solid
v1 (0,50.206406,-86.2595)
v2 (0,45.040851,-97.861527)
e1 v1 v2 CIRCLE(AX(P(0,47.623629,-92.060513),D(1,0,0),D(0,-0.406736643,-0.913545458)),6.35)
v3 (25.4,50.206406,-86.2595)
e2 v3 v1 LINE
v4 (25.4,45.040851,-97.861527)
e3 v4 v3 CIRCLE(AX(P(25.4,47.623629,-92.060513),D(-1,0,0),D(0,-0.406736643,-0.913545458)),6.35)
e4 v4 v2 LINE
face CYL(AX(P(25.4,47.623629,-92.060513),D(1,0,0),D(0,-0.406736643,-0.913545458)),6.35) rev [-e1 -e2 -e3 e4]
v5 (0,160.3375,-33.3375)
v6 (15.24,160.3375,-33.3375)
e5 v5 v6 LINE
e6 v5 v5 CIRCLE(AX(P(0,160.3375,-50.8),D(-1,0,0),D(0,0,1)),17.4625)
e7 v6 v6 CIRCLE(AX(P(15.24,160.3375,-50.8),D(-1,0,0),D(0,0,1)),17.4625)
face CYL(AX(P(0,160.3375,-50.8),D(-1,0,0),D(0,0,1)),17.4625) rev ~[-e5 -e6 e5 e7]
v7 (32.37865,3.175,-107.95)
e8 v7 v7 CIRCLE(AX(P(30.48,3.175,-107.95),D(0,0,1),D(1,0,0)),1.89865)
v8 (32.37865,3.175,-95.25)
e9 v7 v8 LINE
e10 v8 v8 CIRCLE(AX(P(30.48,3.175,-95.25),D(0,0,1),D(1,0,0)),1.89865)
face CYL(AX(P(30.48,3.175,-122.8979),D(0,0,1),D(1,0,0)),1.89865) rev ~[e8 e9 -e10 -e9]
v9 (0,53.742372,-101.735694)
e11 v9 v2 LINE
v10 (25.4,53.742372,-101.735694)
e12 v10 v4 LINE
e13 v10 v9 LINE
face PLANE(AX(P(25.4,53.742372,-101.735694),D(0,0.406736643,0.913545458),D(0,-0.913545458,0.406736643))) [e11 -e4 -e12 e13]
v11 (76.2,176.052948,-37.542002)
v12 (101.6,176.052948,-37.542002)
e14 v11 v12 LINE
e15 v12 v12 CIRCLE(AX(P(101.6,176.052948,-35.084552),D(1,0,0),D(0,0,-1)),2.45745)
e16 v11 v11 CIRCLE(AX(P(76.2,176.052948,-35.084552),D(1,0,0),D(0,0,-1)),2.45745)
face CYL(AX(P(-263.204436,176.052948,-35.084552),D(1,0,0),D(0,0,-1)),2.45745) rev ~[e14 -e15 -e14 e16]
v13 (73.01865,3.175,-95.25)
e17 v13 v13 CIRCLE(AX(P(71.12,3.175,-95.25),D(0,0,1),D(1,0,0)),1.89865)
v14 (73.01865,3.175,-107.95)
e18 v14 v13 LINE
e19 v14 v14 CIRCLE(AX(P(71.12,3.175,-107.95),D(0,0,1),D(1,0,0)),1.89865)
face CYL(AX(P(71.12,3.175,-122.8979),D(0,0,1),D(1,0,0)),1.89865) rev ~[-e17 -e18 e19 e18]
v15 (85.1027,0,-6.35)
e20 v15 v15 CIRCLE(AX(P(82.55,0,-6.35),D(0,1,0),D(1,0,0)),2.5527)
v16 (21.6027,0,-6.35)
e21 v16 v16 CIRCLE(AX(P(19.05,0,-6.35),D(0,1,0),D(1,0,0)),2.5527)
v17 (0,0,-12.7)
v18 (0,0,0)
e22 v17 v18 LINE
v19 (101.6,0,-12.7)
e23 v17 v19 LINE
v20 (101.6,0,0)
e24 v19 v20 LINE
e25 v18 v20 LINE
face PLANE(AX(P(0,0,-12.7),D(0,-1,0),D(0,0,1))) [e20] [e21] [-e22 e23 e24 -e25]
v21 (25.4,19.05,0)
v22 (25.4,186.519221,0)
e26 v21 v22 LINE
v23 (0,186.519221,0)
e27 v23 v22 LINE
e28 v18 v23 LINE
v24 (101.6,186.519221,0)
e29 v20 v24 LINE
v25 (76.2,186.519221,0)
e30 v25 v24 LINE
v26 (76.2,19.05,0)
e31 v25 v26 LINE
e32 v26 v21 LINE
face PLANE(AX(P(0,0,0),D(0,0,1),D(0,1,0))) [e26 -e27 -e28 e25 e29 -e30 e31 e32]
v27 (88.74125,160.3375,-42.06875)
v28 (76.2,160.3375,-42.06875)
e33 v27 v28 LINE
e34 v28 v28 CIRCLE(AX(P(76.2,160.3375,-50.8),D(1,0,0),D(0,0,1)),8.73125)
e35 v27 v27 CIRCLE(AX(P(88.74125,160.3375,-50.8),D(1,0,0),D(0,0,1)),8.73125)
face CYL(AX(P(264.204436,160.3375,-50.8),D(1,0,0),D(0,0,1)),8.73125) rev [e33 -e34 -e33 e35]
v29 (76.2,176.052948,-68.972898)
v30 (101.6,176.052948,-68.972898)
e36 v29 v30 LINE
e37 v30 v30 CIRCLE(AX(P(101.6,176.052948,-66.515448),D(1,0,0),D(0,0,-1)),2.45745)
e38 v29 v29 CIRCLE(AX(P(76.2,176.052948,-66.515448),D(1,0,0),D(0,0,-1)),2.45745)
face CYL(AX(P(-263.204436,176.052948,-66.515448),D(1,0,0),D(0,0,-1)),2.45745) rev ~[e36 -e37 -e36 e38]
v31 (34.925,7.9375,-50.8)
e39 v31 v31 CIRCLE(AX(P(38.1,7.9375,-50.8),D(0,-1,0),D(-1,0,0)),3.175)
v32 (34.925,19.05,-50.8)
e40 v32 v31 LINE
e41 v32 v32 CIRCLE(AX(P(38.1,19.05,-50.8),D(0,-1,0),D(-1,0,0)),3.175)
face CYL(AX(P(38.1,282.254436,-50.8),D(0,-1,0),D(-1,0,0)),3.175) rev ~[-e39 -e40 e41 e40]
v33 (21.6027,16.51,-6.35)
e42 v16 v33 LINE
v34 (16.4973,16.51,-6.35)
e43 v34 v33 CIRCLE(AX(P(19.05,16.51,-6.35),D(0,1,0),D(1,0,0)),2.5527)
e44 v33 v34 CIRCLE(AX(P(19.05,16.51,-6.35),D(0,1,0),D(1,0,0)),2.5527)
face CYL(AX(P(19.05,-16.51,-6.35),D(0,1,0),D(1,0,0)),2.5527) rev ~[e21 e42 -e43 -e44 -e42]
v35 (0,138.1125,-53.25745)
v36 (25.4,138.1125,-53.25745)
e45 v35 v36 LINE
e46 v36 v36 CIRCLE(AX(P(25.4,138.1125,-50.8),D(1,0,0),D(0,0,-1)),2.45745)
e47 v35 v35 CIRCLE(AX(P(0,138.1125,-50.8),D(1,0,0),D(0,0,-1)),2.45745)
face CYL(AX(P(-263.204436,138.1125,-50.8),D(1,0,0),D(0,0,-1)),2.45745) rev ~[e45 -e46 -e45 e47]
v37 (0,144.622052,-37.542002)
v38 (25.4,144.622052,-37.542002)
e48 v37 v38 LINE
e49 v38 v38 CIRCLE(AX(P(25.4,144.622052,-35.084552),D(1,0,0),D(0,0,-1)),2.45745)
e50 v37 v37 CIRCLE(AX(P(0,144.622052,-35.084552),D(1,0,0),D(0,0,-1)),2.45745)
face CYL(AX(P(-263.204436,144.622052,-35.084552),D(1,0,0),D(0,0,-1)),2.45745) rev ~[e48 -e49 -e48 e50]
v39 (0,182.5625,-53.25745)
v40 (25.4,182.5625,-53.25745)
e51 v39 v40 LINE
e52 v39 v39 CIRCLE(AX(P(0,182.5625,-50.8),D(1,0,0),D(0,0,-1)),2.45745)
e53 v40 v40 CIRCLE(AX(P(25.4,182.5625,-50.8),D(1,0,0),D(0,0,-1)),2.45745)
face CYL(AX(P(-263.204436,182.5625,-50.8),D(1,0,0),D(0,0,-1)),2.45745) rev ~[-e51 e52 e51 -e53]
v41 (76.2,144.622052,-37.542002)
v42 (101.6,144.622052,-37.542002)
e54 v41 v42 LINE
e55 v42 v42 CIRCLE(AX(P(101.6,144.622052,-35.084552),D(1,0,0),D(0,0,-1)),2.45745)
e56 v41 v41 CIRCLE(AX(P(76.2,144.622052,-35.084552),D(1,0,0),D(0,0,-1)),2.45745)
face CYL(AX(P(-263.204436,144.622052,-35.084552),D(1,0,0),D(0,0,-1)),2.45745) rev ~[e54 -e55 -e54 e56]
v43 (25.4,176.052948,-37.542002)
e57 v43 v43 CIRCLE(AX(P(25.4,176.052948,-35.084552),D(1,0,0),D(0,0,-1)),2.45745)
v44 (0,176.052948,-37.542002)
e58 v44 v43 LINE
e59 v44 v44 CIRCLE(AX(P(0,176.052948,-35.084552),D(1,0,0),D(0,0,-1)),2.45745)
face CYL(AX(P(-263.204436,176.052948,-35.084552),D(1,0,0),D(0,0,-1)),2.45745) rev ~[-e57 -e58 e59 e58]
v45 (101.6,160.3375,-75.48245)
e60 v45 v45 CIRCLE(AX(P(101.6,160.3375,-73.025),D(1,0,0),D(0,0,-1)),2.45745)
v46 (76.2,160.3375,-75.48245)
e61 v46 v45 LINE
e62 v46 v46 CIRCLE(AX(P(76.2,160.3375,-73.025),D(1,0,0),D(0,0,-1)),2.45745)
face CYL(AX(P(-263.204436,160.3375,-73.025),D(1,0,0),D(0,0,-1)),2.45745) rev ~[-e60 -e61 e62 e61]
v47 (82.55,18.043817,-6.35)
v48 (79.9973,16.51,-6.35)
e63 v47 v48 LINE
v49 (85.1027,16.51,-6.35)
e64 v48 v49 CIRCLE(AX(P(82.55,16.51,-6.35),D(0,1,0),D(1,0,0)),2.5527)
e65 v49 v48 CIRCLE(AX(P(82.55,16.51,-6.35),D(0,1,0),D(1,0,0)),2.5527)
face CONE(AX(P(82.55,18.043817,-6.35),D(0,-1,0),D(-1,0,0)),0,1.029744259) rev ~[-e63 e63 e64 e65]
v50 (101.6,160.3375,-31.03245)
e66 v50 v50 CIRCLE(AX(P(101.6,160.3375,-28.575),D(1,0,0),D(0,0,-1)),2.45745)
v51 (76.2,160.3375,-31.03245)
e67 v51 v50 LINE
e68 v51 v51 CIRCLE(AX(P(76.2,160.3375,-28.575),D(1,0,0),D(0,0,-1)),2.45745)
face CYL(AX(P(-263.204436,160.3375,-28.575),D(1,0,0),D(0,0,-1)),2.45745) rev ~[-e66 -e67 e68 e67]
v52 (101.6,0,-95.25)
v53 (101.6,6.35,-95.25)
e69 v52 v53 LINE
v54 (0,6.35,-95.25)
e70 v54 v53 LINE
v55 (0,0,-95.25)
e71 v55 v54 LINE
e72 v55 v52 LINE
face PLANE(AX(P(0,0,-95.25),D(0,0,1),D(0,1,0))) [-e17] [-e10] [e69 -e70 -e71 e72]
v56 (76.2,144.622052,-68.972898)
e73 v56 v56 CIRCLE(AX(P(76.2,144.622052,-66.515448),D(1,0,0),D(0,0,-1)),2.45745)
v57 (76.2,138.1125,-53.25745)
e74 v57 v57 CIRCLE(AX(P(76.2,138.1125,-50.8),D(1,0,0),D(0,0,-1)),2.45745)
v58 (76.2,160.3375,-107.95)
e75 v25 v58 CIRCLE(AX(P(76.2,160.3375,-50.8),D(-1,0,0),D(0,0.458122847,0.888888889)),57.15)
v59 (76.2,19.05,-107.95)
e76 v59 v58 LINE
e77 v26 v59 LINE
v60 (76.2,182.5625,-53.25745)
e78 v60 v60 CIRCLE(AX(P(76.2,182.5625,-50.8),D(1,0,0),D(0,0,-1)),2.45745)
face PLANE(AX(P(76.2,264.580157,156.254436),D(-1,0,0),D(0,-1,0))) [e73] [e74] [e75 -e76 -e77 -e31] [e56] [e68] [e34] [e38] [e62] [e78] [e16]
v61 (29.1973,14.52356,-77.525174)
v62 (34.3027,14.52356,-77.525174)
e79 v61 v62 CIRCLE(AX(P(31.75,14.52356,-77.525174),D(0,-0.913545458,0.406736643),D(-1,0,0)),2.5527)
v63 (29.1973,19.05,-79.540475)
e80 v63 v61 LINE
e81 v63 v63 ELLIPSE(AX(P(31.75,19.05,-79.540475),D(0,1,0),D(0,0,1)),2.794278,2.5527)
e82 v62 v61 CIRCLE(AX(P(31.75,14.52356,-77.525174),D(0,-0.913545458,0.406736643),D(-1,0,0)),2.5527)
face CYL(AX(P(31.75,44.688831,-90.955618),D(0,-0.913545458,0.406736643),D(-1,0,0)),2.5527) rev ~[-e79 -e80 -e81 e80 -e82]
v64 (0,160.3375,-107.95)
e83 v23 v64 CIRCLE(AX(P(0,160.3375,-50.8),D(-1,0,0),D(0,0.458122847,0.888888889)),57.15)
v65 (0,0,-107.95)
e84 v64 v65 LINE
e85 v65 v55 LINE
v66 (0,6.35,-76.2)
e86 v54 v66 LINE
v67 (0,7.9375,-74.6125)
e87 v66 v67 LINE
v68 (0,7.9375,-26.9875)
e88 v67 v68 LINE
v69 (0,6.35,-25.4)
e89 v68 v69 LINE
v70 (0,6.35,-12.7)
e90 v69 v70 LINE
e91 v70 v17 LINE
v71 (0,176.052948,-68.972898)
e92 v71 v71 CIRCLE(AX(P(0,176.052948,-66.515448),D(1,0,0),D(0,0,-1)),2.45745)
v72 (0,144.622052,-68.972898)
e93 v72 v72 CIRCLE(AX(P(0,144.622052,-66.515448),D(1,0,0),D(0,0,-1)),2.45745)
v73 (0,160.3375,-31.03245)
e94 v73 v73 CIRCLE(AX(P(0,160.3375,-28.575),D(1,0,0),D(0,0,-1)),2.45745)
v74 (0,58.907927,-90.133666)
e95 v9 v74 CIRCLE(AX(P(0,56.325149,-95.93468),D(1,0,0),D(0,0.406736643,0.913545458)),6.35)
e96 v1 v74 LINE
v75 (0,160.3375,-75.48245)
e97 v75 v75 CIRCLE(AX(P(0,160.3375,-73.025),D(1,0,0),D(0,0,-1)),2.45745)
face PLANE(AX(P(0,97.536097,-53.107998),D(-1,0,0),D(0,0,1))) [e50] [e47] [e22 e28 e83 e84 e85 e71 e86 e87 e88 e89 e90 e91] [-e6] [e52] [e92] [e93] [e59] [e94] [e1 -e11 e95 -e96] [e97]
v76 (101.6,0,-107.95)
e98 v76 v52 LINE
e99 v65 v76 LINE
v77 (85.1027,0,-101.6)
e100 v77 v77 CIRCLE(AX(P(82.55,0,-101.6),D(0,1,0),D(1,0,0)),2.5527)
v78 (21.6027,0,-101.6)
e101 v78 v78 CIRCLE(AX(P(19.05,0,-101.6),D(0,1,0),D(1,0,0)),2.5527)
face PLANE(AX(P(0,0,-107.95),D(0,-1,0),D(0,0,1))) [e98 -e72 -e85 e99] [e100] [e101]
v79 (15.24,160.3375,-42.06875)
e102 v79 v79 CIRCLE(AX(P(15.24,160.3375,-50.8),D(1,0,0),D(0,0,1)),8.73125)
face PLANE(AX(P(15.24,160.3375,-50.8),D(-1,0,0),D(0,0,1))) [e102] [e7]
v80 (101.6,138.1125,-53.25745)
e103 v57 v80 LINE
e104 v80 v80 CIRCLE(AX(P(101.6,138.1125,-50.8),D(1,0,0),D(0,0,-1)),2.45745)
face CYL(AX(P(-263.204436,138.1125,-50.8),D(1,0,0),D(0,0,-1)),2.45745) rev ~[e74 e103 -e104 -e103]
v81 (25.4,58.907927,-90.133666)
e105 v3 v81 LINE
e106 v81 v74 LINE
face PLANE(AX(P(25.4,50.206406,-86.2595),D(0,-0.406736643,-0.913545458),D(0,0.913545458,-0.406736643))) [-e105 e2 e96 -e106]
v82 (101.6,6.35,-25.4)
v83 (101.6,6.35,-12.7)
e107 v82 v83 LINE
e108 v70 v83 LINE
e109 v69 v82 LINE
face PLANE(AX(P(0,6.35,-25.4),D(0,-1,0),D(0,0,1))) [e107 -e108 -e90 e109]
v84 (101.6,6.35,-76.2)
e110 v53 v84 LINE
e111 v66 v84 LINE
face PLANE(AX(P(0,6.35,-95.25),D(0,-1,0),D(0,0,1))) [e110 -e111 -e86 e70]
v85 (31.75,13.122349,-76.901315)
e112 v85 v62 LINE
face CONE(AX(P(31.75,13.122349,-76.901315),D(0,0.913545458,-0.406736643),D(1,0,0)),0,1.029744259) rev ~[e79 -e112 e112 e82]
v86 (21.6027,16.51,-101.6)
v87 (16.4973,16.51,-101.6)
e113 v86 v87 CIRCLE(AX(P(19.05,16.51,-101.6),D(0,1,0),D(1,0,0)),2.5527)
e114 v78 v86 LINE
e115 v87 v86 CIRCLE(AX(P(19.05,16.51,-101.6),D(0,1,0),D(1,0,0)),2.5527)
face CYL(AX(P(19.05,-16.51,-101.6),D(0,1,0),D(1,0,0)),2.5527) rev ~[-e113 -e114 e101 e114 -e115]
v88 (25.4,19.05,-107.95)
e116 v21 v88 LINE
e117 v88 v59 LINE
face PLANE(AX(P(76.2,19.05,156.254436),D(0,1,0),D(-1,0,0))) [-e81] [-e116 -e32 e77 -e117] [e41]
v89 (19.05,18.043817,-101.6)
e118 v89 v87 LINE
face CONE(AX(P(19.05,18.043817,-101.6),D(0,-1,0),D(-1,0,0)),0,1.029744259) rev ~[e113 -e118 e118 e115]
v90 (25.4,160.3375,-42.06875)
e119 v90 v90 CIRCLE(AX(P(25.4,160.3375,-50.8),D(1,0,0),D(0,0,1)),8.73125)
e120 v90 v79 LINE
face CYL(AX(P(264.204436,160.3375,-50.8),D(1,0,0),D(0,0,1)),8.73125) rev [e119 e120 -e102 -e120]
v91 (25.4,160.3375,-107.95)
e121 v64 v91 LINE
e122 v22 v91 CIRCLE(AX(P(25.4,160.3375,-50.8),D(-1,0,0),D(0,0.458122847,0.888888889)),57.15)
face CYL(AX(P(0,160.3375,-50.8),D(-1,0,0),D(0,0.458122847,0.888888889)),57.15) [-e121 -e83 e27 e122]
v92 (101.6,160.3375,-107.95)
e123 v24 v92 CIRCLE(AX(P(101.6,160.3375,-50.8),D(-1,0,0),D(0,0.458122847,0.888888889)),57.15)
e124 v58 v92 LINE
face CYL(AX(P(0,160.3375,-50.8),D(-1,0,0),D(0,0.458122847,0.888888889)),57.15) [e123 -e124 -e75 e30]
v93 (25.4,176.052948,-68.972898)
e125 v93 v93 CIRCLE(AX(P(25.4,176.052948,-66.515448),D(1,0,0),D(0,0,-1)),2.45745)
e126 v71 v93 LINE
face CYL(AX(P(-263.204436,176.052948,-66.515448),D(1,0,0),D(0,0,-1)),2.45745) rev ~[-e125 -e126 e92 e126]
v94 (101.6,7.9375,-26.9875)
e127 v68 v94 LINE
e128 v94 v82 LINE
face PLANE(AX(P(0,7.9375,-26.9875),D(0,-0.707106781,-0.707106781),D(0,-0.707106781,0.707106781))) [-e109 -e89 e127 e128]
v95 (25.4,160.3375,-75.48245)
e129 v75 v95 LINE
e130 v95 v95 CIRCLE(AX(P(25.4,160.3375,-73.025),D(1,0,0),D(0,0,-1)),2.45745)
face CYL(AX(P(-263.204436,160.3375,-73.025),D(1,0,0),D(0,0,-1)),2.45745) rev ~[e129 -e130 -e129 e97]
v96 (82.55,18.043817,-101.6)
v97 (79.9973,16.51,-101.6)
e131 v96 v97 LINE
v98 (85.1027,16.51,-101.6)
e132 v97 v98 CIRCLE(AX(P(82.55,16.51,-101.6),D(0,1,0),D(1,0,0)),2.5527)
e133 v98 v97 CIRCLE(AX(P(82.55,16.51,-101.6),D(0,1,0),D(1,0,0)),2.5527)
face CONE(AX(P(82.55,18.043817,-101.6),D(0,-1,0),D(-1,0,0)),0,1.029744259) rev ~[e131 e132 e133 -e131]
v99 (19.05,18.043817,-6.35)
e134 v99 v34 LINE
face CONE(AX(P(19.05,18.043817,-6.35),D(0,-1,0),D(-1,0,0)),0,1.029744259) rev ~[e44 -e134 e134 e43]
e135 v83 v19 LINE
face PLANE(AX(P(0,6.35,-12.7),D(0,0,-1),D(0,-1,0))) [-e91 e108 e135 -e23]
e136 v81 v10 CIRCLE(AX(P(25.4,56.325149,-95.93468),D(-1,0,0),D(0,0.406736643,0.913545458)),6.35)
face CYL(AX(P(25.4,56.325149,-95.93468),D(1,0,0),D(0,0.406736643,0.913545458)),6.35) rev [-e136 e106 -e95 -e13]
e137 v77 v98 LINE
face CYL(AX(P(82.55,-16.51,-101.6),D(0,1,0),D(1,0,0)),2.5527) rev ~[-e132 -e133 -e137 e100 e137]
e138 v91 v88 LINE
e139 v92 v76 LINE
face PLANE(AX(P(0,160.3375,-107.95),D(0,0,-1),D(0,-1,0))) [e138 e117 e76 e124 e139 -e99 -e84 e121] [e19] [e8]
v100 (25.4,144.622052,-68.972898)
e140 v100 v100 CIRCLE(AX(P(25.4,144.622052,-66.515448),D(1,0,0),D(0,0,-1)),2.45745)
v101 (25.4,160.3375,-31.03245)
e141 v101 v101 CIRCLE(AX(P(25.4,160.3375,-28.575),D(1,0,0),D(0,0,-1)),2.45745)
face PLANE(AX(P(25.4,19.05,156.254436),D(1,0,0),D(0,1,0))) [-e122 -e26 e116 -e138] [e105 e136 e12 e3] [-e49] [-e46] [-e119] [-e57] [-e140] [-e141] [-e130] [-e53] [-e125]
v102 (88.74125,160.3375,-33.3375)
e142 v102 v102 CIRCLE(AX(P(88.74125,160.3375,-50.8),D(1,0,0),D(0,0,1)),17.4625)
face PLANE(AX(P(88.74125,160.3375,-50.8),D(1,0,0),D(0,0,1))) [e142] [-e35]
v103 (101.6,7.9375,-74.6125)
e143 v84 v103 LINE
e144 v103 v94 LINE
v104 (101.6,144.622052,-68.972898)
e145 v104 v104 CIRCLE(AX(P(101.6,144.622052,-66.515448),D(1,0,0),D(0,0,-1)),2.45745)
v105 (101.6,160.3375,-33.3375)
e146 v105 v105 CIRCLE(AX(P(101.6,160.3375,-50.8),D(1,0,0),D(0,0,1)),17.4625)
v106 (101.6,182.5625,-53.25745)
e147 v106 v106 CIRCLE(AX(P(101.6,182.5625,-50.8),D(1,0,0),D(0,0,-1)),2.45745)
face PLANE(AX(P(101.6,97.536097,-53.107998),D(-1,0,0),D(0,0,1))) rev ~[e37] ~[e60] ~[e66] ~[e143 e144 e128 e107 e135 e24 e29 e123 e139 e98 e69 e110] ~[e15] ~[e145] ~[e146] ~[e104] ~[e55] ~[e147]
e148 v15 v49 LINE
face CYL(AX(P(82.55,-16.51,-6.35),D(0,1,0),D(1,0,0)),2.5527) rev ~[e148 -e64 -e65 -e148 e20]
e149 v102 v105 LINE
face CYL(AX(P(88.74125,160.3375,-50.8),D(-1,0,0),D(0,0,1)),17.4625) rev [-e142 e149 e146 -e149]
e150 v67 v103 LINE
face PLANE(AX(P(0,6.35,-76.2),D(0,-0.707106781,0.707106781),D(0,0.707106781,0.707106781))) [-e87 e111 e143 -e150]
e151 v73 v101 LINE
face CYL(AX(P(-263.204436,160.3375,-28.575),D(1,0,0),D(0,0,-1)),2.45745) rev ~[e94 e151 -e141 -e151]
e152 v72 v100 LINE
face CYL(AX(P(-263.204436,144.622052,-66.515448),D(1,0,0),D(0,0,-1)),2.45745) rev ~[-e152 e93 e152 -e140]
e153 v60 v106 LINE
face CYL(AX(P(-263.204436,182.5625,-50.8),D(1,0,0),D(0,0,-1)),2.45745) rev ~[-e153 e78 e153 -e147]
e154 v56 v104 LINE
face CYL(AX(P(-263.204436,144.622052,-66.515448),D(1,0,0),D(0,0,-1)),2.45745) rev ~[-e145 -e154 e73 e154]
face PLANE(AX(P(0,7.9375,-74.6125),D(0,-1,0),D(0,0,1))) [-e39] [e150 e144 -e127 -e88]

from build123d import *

# Parameters (mm, degrees)
BOSS_EXTRUDE1_DEPTH          = 101.6
CUT_EXTRUDE1_DEPTH           = 264.20443605
CUT_EXTRUDE1_DEPTH_BACK      = 264.20443605
SKETCH5_R                    = 17.4625
CUT_EXTRUDE4_DEPTH           = 15.24
CUT_EXTRUDE5_DEPTH           = 264.20443605
CUT_EXTRUDE5_DEPTH_BACK      = 264.20443605
SKETCH6_R                    = 8.73125
CUT_EXTRUDE6_START           = -12.85875
SKETCH7_R                    = 17.4625
CUT_EXTRUDE6_DEPTH           = 12.85875
F_1_4_20_TAPPED_HOLE1_D      = 5.1054
F_1_4_20_TAPPED_HOLE1_DEPTH  = 16.51
F_1_4_20_TAPPED_HOLE1_TIP    = 1.533816902
F_10_24_TAPPED_HOLE1_D       = 3.7973
F_10_24_TAPPED_HOLE1_DEPTH   = 14.9479
F_10_24_TAPPED_HOLE1_TIP     = 1.140824014
F_1_4_0_25_DIAMETER_HOLE1_D  = 6.35
F_10_0_1935_DIAMETER_HOLE1_D = 4.9149
CUT_EXTRUDE7_REACH           = 256.481
F_1_4_20_TAPPED_HOLE2_D      = 5.1054
F_1_4_20_TAPPED_HOLE2_DEPTH  = 16.51
F_1_4_20_TAPPED_HOLE2_TIP    = 1.533816902


with BuildPart() as part:
    # Sketch1 → Boss-Extrude1 (new body)
    with BuildSketch(Plane(origin=(0, 0, 0), x_dir=(0, 0, -1), z_dir=(1, 0, 0))):
        with BuildLine():
            Line((107.95, 160.3375), (107.95, 0))
            Line((107.95, 0), (95.25, 0))
            Line((95.25, 0), (95.25, 6.35))
            Line((95.25, 6.35), (76.2, 6.35))
            Line((76.2, 6.35), (74.6125, 7.9375))
            Line((74.6125, 7.9375), (26.9875, 7.9375))
            Line((26.9875, 7.9375), (25.4, 6.35))
            Line((25.4, 6.35), (12.7, 6.35))
            Line((12.7, 6.35), (12.7, 0))
            Line((12.7, 0), (0, 0))
            Line((0, 0), (0, 186.519220723))
            ThreePointArc((0, 186.519220723), (64.270384182, 215.877316798), (107.95, 160.3375))
        make_face()
    extrude(amount=BOSS_EXTRUDE1_DEPTH)

    # Sketch2 → Cut-Extrude1 (cut, two sides: drawn at the far end of the back side and taken through both)
    with BuildSketch(Plane(origin=(0, 0, -107.95), x_dir=(-1, 0, 0), z_dir=(0, 0, -1)).offset(-CUT_EXTRUDE1_DEPTH_BACK)):
        Polygon((-76.2, 98.425), (-76.2, 19.05), (-25.4, 19.05), (-25.4, 264.580157132), (-76.2, 264.580157132), align=None)
    extrude(amount=CUT_EXTRUDE1_DEPTH + CUT_EXTRUDE1_DEPTH_BACK, mode=Mode.SUBTRACT)

    # Sketch5 → Cut-Extrude4 (cut)
    with BuildSketch(Plane.ZY):
        with Locations((-50.8, 160.3375)):
            Circle(SKETCH5_R)
    extrude(amount=-CUT_EXTRUDE4_DEPTH, mode=Mode.SUBTRACT)

    # Sketch6 → Cut-Extrude5 (cut, two sides: drawn at the far end of the back side and taken through both)
    with BuildSketch(Plane.ZY.offset(-CUT_EXTRUDE5_DEPTH_BACK)):
        with Locations((-50.8, 160.3375)):
            Circle(SKETCH6_R)
    extrude(amount=CUT_EXTRUDE5_DEPTH + CUT_EXTRUDE5_DEPTH_BACK, mode=Mode.SUBTRACT)

    # Sketch7 → Cut-Extrude6 (cut)
    with BuildSketch(Plane(origin=(101.6, 0, 0), x_dir=(0, 0, -1), z_dir=(1, 0, 0)).offset(CUT_EXTRUDE6_START)):
        with Locations(Location((50.8, 160.3375, 0), (0, 0, 180))):
            Circle(SKETCH7_R)
    extrude(amount=CUT_EXTRUDE6_DEPTH, mode=Mode.SUBTRACT)

    # 1/4-20 Tapped Hole1
    with Locations(Plane(origin=(0, 0, 0), x_dir=(-1, 0, 0), z_dir=(0, -1, 0))):
        with Locations((-19.05, 6.35), (-82.55, 6.35), (-82.55, 101.6), (-19.05, 101.6)):
            Hole(F_1_4_20_TAPPED_HOLE1_D / 2, depth=F_1_4_20_TAPPED_HOLE1_DEPTH)
            with Locations((0, 0, -(F_1_4_20_TAPPED_HOLE1_DEPTH + F_1_4_20_TAPPED_HOLE1_TIP / 2))):  # 118° drill point
                Cone(0, F_1_4_20_TAPPED_HOLE1_D / 2, F_1_4_20_TAPPED_HOLE1_TIP, mode=Mode.SUBTRACT)

    # #10-24 Tapped Hole1
    with Locations(Plane(origin=(0, 0, -107.95), x_dir=(-1, 0, 0), z_dir=(0, 0, -1))):
        with Locations((-71.12, 3.175), (-30.48, 3.175)):
            Hole(F_10_24_TAPPED_HOLE1_D / 2, depth=F_10_24_TAPPED_HOLE1_DEPTH)
            with Locations((0, 0, -(F_10_24_TAPPED_HOLE1_DEPTH + F_10_24_TAPPED_HOLE1_TIP / 2))):  # 118° drill point
                Cone(0, F_10_24_TAPPED_HOLE1_D / 2, F_10_24_TAPPED_HOLE1_TIP, mode=Mode.SUBTRACT)

    # 1/4 (0.25) Diameter Hole1 (through all)
    with Locations(Plane(origin=(0, 19.05, 0), x_dir=(1, 0, 0), z_dir=(0, 1, 0))):
        with Locations((38.1, 50.8)):
            Hole(F_1_4_0_25_DIAMETER_HOLE1_D / 2)

    # #10 (0.1935) Diameter Hole1 (through all)
    with Locations(Plane.ZY):
        with Locations((-50.8, 138.1125), (-35.084551788, 144.622051788), (-28.575, 160.3375), (-35.084551788, 176.052948212), (-50.8, 182.5625), (-66.515448212, 176.052948212), (-73.025, 160.3375), (-66.515448212, 144.622051788)):
            Hole(F_10_0_1935_DIAMETER_HOLE1_D / 2)

    # Sketch18 → Cut-Extrude7 (cut, up to next)
    with BuildSketch(Plane(origin=(25.4, 0, 0), x_dir=(0, 0, -1), z_dir=(1, 0, 0)), mode=Mode.PRIVATE) as cut_extrude7_sk1:
        with BuildLine():
            Line((101.735693597, 53.742371613), (97.861527071, 45.040851129))
            ThreePointArc((97.861527071, 45.040851129), (89.477735732, 41.822615156), (86.259499759, 50.206406496))
            Line((86.259499759, 50.206406496), (90.133666285, 58.90792698))
            ThreePointArc((90.133666285, 58.90792698), (98.517457624, 62.126162953), (101.735693597, 53.742371613))
        make_face()
    cut_extrude7_tool1 = extrude(cut_extrude7_sk1.sketch, amount=-CUT_EXTRUDE7_REACH, mode=Mode.PRIVATE) & part.part
    add(cut_extrude7_tool1.solids().sort_by_distance((25.4, 51.974389, -93.997597))[0], mode=Mode.SUBTRACT)

    # 1/4-20 Tapped Hole2
    with Locations(Plane(origin=(0, 56.009710981, -24.937129984), x_dir=(1, 0, 0), z_dir=(0, 0.9135454576426035, -0.40673664307579466))):
        with Locations((31.75, 64.91550659)):
            Hole(F_1_4_20_TAPPED_HOLE2_D / 2, depth=F_1_4_20_TAPPED_HOLE2_DEPTH)
            with Locations((0, 0, -(F_1_4_20_TAPPED_HOLE2_DEPTH + F_1_4_20_TAPPED_HOLE2_TIP / 2))):  # 118° drill point
                Cone(0, F_1_4_20_TAPPED_HOLE2_D / 2, F_1_4_20_TAPPED_HOLE2_TIP, mode=Mode.SUBTRACT)


solid = part.part
